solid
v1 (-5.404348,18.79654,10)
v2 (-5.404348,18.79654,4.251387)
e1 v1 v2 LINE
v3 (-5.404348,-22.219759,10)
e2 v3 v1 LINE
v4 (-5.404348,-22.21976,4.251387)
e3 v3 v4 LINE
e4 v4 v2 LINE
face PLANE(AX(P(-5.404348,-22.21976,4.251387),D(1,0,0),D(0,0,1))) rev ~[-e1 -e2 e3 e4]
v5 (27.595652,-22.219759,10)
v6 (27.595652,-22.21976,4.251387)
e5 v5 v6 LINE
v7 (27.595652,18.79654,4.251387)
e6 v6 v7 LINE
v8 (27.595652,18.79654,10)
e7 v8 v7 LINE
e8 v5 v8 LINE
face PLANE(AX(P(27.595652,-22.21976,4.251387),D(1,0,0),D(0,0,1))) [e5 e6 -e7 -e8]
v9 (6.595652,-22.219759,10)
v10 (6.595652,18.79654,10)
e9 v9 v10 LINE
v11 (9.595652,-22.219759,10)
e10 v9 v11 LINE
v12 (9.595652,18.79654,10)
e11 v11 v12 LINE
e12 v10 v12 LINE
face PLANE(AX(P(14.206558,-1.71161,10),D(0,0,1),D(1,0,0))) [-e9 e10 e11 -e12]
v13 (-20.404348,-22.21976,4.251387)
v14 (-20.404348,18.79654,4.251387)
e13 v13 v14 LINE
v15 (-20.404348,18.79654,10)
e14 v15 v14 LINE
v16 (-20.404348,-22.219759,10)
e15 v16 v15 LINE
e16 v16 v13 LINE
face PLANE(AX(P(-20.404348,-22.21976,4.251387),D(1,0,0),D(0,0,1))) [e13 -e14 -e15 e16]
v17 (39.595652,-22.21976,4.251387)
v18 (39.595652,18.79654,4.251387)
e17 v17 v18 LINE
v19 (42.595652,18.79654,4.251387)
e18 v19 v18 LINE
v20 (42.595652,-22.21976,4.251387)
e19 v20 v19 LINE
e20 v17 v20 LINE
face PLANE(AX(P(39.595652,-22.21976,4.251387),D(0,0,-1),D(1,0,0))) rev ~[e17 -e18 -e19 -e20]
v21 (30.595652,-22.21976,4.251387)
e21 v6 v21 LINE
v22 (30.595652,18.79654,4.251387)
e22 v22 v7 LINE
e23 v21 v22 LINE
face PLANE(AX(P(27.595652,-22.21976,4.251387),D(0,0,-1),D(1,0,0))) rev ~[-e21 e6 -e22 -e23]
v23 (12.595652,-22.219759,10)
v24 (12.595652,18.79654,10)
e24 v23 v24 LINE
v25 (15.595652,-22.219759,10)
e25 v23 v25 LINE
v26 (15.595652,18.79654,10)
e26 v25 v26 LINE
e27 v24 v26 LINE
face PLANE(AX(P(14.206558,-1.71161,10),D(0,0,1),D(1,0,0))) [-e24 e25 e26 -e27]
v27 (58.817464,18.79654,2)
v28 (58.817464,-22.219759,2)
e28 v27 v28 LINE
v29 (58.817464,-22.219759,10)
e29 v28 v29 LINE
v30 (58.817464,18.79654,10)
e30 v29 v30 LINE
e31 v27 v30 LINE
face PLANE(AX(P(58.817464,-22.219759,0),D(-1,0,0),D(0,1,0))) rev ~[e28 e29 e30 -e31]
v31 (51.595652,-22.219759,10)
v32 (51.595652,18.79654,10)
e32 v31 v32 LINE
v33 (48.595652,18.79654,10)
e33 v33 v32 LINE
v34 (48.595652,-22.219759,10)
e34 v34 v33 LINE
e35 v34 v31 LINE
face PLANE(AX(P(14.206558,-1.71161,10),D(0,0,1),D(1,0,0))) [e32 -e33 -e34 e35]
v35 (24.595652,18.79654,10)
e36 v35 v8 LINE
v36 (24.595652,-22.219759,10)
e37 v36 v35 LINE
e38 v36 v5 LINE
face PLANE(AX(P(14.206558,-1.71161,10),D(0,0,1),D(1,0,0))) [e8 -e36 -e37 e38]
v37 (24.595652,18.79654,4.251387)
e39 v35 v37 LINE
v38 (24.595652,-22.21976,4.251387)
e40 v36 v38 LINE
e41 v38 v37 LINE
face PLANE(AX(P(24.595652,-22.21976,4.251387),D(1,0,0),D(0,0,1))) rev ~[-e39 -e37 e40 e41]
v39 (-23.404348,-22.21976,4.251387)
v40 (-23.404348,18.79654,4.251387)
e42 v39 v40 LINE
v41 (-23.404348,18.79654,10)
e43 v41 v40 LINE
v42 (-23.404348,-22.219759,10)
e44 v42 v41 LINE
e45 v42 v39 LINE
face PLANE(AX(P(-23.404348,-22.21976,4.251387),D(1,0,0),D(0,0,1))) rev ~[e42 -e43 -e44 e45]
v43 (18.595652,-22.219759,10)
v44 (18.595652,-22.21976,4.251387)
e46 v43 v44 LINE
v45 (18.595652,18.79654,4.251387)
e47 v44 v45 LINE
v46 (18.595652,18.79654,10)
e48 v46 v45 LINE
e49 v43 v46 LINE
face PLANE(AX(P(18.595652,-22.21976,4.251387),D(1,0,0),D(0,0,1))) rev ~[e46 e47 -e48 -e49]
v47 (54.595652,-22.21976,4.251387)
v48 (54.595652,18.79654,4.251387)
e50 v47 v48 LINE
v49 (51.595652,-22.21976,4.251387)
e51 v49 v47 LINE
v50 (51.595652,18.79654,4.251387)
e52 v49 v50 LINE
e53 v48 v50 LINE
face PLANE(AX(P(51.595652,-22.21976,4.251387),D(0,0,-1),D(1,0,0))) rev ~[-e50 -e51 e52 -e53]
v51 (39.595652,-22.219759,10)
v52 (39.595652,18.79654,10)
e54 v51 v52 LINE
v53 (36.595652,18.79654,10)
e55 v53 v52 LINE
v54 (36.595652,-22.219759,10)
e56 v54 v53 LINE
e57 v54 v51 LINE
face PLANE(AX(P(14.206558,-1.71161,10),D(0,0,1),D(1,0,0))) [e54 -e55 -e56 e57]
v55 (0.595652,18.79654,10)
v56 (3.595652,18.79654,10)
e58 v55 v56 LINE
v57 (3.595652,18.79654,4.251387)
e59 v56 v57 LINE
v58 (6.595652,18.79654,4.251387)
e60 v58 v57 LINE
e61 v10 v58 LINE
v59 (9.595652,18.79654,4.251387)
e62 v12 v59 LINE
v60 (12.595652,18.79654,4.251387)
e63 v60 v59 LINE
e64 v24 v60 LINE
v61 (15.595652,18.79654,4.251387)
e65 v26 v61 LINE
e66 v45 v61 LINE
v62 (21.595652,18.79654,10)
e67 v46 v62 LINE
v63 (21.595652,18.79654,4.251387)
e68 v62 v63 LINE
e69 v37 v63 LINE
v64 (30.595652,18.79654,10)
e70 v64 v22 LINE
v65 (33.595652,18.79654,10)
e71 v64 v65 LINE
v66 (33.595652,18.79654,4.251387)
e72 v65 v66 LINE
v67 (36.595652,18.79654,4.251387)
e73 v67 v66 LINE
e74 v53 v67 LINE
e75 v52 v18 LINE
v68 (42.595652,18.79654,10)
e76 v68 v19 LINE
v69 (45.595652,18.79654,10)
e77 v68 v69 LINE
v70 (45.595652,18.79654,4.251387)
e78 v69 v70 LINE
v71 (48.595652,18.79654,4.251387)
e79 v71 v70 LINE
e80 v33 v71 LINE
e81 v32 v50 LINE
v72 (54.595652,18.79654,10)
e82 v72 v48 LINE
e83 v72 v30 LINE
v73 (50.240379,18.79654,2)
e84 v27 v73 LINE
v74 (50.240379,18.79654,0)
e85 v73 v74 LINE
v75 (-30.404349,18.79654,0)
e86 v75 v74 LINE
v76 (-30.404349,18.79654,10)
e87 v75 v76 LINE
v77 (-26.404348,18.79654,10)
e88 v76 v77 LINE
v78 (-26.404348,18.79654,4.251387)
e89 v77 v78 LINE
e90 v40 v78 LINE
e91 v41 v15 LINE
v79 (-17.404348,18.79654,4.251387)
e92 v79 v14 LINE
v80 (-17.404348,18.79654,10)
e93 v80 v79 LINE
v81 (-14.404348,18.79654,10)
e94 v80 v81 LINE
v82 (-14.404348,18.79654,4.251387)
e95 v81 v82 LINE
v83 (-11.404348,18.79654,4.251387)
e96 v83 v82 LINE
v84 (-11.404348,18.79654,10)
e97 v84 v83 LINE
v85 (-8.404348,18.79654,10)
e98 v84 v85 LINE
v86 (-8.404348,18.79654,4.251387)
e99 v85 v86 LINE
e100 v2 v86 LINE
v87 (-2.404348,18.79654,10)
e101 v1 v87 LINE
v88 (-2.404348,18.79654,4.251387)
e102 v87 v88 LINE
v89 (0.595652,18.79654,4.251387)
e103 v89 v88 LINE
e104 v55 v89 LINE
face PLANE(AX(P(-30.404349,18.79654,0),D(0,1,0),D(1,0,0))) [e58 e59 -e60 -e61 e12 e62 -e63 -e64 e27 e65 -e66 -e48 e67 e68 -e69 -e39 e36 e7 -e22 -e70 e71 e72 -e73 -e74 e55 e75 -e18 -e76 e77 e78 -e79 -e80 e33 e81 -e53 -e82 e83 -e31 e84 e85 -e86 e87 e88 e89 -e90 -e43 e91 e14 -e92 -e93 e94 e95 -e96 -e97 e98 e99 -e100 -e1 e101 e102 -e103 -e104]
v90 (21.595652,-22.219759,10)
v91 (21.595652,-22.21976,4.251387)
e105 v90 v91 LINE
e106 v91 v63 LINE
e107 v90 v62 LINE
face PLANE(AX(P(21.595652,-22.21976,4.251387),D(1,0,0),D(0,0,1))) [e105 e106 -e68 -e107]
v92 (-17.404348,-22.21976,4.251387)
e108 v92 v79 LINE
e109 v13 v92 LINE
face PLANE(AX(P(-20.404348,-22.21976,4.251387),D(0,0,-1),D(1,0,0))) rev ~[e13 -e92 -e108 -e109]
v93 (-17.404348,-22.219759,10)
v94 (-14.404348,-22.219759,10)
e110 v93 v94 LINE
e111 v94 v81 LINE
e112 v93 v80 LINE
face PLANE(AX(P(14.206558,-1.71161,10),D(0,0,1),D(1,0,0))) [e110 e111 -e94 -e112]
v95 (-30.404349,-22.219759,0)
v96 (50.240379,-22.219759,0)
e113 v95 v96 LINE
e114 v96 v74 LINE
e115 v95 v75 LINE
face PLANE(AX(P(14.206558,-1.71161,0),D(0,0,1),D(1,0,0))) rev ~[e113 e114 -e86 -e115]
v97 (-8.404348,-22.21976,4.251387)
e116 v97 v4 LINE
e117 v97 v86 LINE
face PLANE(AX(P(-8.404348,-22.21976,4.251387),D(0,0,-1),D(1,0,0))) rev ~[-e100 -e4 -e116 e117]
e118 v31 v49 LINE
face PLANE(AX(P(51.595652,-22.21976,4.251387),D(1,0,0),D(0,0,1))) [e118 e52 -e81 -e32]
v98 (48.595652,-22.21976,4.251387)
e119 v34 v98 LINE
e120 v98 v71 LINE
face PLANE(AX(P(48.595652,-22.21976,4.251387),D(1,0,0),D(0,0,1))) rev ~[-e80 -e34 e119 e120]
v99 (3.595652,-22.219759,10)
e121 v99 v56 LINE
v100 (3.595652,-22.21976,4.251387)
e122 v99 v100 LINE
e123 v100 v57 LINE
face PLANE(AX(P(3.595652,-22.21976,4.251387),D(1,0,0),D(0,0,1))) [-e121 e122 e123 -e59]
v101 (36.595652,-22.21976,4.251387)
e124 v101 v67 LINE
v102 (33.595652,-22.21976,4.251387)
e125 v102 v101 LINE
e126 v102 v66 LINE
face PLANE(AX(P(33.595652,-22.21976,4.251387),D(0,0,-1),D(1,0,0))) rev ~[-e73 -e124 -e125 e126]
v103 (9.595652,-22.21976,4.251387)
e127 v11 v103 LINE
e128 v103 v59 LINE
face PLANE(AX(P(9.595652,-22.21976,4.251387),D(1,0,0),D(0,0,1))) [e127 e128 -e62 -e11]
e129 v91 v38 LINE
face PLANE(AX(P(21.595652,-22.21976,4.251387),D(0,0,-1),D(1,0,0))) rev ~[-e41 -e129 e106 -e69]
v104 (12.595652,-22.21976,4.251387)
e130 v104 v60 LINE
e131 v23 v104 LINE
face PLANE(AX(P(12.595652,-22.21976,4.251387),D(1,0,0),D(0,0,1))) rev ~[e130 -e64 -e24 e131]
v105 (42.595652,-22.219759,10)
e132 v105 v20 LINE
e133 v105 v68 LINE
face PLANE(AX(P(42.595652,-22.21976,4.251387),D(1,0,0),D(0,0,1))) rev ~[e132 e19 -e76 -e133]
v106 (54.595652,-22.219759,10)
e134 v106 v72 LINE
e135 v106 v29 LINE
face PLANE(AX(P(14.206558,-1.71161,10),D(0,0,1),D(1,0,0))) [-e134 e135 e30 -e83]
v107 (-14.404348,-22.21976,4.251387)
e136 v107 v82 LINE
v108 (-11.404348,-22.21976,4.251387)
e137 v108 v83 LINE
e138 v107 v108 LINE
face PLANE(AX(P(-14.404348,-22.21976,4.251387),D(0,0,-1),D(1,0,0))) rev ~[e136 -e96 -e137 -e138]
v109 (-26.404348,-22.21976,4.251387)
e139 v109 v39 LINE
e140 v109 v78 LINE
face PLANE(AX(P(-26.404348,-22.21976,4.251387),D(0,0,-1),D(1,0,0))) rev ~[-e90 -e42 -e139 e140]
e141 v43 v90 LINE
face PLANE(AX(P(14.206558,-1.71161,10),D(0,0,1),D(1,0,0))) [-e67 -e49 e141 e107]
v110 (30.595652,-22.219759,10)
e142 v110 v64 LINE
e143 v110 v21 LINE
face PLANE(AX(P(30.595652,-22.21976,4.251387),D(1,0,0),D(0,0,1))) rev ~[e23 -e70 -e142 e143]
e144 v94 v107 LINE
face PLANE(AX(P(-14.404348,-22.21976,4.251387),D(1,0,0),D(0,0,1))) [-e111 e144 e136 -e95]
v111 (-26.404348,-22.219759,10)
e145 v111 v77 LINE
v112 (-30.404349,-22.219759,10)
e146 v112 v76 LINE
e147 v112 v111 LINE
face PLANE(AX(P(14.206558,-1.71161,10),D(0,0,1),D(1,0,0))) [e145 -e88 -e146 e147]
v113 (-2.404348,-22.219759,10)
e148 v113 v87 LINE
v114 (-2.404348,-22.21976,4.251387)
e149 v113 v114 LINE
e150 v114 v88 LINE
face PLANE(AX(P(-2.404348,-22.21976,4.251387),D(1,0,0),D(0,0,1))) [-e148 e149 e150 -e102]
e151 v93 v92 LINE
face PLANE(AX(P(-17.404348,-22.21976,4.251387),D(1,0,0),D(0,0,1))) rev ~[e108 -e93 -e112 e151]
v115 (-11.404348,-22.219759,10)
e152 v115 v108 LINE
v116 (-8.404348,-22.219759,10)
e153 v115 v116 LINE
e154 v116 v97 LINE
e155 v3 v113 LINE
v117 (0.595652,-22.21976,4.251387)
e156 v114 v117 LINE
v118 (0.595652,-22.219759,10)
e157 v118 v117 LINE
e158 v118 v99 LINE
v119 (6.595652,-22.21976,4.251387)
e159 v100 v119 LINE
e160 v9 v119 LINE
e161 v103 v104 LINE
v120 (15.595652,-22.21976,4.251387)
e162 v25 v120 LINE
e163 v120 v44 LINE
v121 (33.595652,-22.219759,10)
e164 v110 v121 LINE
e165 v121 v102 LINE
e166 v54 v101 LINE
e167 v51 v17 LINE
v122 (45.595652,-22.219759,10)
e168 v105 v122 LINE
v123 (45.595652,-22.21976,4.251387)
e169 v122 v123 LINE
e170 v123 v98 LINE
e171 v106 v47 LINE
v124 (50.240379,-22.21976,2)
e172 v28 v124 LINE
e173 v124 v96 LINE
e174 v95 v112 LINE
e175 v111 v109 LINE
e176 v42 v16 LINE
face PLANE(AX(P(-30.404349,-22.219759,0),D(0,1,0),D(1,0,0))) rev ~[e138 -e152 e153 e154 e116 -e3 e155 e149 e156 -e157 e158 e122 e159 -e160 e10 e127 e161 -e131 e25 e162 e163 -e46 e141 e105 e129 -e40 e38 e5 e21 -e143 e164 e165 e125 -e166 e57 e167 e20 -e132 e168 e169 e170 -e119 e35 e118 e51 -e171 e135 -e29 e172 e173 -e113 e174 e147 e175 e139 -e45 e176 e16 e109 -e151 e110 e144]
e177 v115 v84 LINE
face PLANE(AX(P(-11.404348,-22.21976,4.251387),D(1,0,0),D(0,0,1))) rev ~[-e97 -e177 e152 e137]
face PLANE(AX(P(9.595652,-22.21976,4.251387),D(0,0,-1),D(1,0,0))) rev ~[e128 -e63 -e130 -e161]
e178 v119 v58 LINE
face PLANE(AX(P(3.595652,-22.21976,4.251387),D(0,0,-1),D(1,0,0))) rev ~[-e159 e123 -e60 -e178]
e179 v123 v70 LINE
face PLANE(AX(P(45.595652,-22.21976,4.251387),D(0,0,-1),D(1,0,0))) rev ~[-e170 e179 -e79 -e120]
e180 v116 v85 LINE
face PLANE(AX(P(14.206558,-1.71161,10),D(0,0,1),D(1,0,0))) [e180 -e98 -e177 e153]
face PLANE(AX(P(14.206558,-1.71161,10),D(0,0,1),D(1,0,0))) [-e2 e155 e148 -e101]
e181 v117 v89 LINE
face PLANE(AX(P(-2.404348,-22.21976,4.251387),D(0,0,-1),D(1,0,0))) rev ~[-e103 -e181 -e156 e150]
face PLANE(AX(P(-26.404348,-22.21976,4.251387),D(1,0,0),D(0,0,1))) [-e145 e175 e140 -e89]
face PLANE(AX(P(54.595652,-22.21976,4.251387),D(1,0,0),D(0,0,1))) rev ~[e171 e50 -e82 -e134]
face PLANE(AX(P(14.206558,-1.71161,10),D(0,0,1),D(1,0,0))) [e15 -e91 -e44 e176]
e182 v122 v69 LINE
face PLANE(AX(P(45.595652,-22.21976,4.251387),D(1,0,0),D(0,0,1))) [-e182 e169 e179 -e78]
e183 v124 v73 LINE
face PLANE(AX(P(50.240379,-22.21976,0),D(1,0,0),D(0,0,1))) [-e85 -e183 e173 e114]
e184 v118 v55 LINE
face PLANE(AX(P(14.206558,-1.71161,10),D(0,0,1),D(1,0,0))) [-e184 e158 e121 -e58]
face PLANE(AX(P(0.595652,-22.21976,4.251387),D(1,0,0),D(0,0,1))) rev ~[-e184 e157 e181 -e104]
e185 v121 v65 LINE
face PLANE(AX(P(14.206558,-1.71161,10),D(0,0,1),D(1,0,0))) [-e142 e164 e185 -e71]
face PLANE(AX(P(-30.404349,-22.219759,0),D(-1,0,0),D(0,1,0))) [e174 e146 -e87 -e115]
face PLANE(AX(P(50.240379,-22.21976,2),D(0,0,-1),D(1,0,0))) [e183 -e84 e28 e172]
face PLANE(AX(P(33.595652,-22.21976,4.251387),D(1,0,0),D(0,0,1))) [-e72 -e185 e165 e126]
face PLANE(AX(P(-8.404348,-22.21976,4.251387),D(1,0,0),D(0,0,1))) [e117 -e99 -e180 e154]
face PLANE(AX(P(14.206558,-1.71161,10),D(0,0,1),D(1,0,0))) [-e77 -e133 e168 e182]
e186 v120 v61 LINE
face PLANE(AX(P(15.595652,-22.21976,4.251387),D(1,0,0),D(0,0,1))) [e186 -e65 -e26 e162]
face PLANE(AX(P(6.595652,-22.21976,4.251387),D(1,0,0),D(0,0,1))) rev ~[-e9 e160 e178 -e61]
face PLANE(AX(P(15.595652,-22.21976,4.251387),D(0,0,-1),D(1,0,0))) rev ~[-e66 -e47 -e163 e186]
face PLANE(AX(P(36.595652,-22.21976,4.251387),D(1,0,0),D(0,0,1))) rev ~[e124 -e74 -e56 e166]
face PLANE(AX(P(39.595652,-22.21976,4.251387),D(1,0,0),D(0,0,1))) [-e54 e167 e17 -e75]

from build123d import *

# Parameters (mm, degrees)
F0_W     = 89.221813
F0_H     = 41.016299
F1_DEPTH = 10
F2_W     = 8.577086
F2_H     = 2
F3_DEPTH = 41.017299
F4_W     = 3
F4_H     = 5.748613
F5_DEPTH = 41.017299


with BuildPart() as f1:
    # F0 (on Top) → F1 (new body)
    with BuildSketch(Plane.XY):
        with Locations((14.206558, -1.71161)):
            Rectangle(F0_W, F0_H)
    extrude(amount=F1_DEPTH)

    # F2 (on face) → F3 (cut, through all)
    with BuildSketch(Plane.XZ.offset(22.21976)):
        with Locations((54.528922, 1)):
            Rectangle(F2_W, F2_H)
    extrude(amount=-F3_DEPTH, mode=Mode.SUBTRACT)

    # F4 (on face) → F5 (cut, through all)
    with BuildSketch(Plane.XZ.offset(22.21976)):
        with Locations((-24.904348, 7.125694)):
            Rectangle(F4_W, F4_H)
        with Locations((-18.904348, 7.125694)):
            Rectangle(F4_W, F4_H)
        with Locations((-12.904348, 7.125694)):
            Rectangle(F4_W, F4_H)
        with Locations((-6.904348, 7.125694)):
            Rectangle(F4_W, F4_H)
        with Locations((-0.904348, 7.125694)):
            Rectangle(F4_W, F4_H)
        with Locations((5.095652, 7.125694)):
            Rectangle(F4_W, F4_H)
        with Locations((11.095652, 7.125694)):
            Rectangle(F4_W, F4_H)
        with Locations((17.095652, 7.125694)):
            Rectangle(F4_W, F4_H)
        with Locations((23.095652, 7.125694)):
            Rectangle(F4_W, F4_H)
        with Locations((29.095652, 7.125694)):
            Rectangle(F4_W, F4_H)
        with Locations((35.095652, 7.125694)):
            Rectangle(F4_W, F4_H)
        with Locations((41.095652, 7.125694)):
            Rectangle(F4_W, F4_H)
        with Locations((47.095652, 7.125694)):
            Rectangle(F4_W, F4_H)
        with Locations((53.095652, 7.125694)):
            Rectangle(F4_W, F4_H)
    extrude(amount=-F5_DEPTH, mode=Mode.SUBTRACT)


solid = f1.part
